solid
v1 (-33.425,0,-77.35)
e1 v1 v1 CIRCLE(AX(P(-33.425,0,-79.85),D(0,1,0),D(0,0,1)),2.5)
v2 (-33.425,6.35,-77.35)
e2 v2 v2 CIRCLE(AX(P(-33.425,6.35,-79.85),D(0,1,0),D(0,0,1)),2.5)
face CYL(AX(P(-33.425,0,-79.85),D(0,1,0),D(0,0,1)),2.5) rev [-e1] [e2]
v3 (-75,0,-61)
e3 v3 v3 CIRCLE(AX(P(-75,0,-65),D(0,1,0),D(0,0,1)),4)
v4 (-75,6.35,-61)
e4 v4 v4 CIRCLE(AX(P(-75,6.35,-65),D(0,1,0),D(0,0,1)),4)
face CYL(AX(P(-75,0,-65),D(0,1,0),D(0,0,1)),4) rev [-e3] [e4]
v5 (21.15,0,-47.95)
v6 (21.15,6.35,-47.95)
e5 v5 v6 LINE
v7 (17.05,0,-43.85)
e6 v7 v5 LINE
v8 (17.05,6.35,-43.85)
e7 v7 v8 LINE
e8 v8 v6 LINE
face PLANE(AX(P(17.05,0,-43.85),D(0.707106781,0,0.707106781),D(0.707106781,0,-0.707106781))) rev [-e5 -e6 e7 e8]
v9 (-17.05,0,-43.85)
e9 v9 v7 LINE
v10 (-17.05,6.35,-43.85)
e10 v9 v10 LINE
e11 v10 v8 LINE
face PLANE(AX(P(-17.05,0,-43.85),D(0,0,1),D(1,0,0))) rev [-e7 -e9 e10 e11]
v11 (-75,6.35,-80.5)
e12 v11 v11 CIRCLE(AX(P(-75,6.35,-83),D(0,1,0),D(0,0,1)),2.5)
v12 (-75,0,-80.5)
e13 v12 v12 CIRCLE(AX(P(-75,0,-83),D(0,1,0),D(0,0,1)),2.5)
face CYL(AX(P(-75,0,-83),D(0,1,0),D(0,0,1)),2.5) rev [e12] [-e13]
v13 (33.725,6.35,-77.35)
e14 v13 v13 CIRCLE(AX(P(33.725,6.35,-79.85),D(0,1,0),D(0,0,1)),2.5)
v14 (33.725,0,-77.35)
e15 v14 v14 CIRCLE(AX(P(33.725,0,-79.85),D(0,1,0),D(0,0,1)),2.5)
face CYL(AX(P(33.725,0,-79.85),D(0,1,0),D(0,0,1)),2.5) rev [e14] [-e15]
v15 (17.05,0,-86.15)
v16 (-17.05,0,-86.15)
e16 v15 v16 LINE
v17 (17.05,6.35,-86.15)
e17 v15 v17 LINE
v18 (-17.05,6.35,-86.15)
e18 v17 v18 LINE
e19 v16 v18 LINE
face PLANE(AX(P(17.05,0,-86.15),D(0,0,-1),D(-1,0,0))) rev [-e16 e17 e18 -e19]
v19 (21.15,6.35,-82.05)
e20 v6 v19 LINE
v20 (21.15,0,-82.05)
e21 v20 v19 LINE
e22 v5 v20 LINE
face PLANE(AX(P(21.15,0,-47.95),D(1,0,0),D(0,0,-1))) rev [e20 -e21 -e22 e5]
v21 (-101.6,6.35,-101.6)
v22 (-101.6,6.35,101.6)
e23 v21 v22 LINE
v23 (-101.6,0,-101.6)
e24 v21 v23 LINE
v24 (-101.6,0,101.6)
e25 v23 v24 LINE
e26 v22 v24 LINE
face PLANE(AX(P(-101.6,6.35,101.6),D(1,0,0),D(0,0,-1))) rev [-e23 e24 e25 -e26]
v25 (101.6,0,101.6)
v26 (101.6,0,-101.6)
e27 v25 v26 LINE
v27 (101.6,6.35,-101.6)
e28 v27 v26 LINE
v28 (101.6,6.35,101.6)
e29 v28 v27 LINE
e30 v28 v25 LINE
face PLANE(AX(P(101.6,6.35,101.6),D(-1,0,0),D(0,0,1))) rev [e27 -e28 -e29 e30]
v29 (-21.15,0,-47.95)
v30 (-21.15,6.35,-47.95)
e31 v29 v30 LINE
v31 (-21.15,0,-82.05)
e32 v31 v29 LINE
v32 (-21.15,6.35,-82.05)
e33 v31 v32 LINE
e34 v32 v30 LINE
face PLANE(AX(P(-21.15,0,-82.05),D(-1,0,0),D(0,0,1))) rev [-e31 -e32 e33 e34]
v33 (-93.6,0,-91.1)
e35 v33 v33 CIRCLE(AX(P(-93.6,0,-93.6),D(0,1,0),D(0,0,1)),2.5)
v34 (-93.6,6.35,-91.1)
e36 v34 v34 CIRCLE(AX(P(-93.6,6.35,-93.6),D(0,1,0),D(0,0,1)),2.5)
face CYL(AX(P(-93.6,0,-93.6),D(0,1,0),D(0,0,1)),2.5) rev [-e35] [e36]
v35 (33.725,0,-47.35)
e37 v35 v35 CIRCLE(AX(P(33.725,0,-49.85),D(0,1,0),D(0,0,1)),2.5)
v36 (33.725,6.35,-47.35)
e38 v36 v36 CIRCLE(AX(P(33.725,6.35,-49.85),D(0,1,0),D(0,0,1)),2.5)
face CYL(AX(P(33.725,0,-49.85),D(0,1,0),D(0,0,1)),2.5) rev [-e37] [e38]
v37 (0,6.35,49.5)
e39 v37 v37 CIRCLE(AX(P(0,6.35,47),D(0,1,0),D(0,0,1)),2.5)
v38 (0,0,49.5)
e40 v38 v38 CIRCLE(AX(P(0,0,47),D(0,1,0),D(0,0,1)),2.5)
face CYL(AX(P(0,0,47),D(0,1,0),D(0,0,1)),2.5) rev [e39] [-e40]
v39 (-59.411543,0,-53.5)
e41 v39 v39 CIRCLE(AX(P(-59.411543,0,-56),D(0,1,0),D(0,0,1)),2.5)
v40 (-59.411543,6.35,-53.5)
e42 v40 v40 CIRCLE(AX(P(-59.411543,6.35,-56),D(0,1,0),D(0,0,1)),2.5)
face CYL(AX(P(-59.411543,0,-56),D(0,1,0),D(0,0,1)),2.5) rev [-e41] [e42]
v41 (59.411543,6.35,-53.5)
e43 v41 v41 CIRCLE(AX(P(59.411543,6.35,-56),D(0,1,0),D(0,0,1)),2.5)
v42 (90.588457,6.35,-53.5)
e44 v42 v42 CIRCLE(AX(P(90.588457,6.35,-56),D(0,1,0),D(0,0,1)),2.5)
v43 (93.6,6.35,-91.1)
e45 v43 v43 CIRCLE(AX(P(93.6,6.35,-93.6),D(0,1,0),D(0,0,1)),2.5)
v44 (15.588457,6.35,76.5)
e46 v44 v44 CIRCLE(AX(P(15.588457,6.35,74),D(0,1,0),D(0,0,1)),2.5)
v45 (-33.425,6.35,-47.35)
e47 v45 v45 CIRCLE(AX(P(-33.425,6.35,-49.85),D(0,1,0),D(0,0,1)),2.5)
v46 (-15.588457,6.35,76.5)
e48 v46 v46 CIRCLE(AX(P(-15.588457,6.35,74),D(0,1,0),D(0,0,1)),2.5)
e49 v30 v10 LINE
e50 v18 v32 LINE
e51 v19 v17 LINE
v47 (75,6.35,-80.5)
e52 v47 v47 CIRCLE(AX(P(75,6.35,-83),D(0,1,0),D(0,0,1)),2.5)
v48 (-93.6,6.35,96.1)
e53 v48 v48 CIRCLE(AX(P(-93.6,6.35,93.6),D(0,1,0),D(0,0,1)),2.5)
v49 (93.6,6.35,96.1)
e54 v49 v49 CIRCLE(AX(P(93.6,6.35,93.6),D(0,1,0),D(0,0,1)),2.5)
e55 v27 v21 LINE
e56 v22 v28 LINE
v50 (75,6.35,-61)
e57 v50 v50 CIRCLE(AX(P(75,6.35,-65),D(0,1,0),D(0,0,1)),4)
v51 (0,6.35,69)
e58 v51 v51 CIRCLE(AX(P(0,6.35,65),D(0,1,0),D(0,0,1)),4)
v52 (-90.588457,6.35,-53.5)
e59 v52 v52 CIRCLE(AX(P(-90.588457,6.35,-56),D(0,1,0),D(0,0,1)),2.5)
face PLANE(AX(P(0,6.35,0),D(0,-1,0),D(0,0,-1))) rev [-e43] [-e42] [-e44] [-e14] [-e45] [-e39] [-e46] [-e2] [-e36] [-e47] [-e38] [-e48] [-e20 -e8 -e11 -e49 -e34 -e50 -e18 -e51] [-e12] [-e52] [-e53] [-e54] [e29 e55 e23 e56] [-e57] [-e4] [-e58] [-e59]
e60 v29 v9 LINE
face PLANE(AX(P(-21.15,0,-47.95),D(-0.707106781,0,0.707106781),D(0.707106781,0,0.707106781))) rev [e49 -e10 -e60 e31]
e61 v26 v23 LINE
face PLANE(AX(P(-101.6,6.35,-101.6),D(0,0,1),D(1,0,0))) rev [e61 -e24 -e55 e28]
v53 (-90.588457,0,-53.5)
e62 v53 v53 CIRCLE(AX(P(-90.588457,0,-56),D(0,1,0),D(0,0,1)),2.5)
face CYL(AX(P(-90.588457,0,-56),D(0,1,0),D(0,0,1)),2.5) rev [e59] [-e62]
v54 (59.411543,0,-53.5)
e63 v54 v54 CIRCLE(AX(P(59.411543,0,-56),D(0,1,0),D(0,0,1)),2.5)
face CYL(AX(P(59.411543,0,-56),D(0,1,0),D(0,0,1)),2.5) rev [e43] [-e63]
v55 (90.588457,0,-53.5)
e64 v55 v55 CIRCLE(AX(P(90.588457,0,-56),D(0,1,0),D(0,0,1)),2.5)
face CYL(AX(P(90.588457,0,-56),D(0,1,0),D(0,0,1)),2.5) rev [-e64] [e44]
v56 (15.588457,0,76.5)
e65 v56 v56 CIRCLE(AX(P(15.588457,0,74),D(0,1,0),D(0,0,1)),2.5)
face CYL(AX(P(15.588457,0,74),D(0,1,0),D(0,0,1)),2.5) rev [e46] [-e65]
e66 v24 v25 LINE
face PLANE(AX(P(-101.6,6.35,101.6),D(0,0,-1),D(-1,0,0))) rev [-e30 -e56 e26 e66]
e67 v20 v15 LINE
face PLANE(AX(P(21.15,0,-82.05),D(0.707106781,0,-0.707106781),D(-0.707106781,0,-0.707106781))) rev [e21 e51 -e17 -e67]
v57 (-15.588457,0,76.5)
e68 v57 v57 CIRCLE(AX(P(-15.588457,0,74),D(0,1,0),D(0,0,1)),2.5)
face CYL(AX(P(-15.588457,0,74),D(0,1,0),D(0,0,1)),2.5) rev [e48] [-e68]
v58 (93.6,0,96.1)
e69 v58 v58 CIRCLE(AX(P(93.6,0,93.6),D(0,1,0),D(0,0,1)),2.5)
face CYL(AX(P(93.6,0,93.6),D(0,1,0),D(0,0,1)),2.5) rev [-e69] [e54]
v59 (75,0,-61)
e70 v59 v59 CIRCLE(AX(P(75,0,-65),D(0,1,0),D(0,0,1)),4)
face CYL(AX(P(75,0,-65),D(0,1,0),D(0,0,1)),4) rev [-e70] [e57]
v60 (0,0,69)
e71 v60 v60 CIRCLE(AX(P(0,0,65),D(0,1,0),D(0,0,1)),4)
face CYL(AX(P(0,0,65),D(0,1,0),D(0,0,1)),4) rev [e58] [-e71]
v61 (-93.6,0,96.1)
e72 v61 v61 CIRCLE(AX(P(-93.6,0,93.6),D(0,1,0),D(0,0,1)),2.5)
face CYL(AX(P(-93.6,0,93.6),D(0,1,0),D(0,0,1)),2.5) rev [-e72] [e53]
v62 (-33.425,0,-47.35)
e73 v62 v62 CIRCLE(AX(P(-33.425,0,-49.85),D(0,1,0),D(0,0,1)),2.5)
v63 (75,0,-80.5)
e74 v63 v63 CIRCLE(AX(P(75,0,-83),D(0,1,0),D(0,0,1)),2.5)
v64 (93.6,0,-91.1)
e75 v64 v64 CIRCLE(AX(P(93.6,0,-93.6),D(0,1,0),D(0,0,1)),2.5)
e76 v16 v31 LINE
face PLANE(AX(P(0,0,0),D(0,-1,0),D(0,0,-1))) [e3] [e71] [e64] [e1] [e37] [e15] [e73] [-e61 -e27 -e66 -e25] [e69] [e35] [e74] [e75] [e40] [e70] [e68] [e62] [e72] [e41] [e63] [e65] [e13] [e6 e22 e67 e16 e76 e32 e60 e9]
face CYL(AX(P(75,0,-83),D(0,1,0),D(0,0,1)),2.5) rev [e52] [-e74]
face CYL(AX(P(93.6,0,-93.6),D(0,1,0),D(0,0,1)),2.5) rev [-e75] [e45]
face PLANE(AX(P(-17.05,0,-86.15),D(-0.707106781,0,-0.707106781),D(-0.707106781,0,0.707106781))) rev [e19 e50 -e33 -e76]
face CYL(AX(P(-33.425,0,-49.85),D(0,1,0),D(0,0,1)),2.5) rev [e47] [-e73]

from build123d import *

# Parameters (mm, degrees)
ESQUISSE1_W             = 203.2
ESQUISSE1_H             = 203.2
BOSS_EXTRU_1_DEPTH      = 6.35
ESQUISSE2_R             = 4
ENL_V_MAT_EXTRU_1_DEPTH = 144.824345992
ENL_V_MAT_EXTRU_2_DEPTH = 144.824345992
ESQUISSE5_R             = 2.5
ENL_V_MAT_EXTRU_4_DEPTH = 144.824345992
ESQUISSE6_R             = 2.5
ENL_V_MAT_EXTRU_5_DEPTH = 144.824345992
ESQUISSE7_R             = 2.5
ENL_V_MAT_EXTRU_6_DEPTH = 144.824345992


with BuildPart() as part:
    # Esquisse1 → Boss.-Extru.1 (new body)
    with BuildSketch(Plane(origin=(0, 0, 0), x_dir=(1, 0, 0), z_dir=(0, 1, 0))):
        Rectangle(ESQUISSE1_W, ESQUISSE1_H)
    extrude(amount=BOSS_EXTRU_1_DEPTH)

    # Esquisse2 → Enlèv. mat.-Extru.1 (cut, through all)
    with BuildSketch(Plane(origin=(0, 6.35, 0), x_dir=(1, 0, 0), z_dir=(0, 1, 0))):
        with Locations(Location((-75, 65, 0), (0, 0, 270))):
            Circle(ESQUISSE2_R)
        with Locations(Location((75, 65, 0), (0, 0, 270))):
            Circle(ESQUISSE2_R)
        with Locations(Location((0, -65, 0), (0, 0, 270))):
            Circle(ESQUISSE2_R)
    extrude(amount=-ENL_V_MAT_EXTRU_1_DEPTH, mode=Mode.SUBTRACT)

    # Esquisse3 → Enlèv. mat.-Extru.2 (cut, through all)
    with BuildSketch(Plane(origin=(0, 6.35, 0), x_dir=(1, 0, 0), z_dir=(0, 1, 0))):
        Polygon((-17.05, 86.15), (-21.15, 82.05), (-21.15, 47.95), (-17.05, 43.85), (17.05, 43.85), (21.15, 47.95), (21.15, 82.05), (17.05, 86.15), align=None)
    extrude(amount=-ENL_V_MAT_EXTRU_2_DEPTH, mode=Mode.SUBTRACT)

    # Esquisse5 → Enlèv. mat.-Extru.4 (cut, through all)
    with BuildSketch(Plane(origin=(0, 6.35, 0), x_dir=(1, 0, 0), z_dir=(0, 1, 0))):
        with Locations(Location((-33.425, 49.85, 0), (0, 0, 270))):
            Circle(ESQUISSE5_R)
        with Locations(Location((-33.425, 79.85, 0), (0, 0, 270))):
            Circle(ESQUISSE5_R)
        with Locations(Location((33.725, 49.85, 0), (0, 0, 270))):
            Circle(ESQUISSE5_R)
        with Locations(Location((33.725, 79.85, 0), (0, 0, 270))):
            Circle(ESQUISSE5_R)
    extrude(amount=-ENL_V_MAT_EXTRU_4_DEPTH, mode=Mode.SUBTRACT)

    # Esquisse6 → Enlèv. mat.-Extru.5 (cut, through all)
    with BuildSketch(Plane(origin=(0, 6.35, 0), x_dir=(1, 0, 0), z_dir=(0, 1, 0))):
        with Locations(Location((93.6, -93.6, 0), (0, 0, 270))):
            Circle(ESQUISSE6_R)
        with Locations(Location((-93.6, -93.6, 0), (0, 0, 270))):
            Circle(ESQUISSE6_R)
        with Locations(Location((-93.6, 93.6, 0), (0, 0, 270))):
            Circle(ESQUISSE6_R)
        with Locations(Location((93.6, 93.6, 0), (0, 0, 270))):
            Circle(ESQUISSE6_R)
    extrude(amount=-ENL_V_MAT_EXTRU_5_DEPTH, mode=Mode.SUBTRACT)

    # Esquisse7 → Enlèv. mat.-Extru.6 (cut, through all)
    with BuildSketch(Plane(origin=(0, 6.35, 0), x_dir=(1, 0, 0), z_dir=(0, 1, 0))):
        with Locations(Location((-15.588457268, -74, 0), (0, 0, 270))):
            Circle(ESQUISSE7_R)
        with Locations(Location((15.588457268, -74, 0), (0, 0, 270))):
            Circle(ESQUISSE7_R)
        with Locations(Location((0, -47, 0), (0, 0, 270))):
            Circle(ESQUISSE7_R)
        with Locations(Location((90.588457268, 56, 0), (0, 0, 270))):
            Circle(ESQUISSE7_R)
        with Locations(Location((59.411542732, 56, 0), (0, 0, 270))):
            Circle(ESQUISSE7_R)
        with Locations(Location((75, 83, 0), (0, 0, 270))):
            Circle(ESQUISSE7_R)
        with Locations(Location((-90.588457268, 56, 0), (0, 0, 270))):
            Circle(ESQUISSE7_R)
        with Locations(Location((-59.411542732, 56, 0), (0, 0, 270))):
            Circle(ESQUISSE7_R)
        with Locations(Location((-75, 83, 0), (0, 0, 270))):
            Circle(ESQUISSE7_R)
    extrude(amount=-ENL_V_MAT_EXTRU_6_DEPTH, mode=Mode.SUBTRACT)


solid = part.part
